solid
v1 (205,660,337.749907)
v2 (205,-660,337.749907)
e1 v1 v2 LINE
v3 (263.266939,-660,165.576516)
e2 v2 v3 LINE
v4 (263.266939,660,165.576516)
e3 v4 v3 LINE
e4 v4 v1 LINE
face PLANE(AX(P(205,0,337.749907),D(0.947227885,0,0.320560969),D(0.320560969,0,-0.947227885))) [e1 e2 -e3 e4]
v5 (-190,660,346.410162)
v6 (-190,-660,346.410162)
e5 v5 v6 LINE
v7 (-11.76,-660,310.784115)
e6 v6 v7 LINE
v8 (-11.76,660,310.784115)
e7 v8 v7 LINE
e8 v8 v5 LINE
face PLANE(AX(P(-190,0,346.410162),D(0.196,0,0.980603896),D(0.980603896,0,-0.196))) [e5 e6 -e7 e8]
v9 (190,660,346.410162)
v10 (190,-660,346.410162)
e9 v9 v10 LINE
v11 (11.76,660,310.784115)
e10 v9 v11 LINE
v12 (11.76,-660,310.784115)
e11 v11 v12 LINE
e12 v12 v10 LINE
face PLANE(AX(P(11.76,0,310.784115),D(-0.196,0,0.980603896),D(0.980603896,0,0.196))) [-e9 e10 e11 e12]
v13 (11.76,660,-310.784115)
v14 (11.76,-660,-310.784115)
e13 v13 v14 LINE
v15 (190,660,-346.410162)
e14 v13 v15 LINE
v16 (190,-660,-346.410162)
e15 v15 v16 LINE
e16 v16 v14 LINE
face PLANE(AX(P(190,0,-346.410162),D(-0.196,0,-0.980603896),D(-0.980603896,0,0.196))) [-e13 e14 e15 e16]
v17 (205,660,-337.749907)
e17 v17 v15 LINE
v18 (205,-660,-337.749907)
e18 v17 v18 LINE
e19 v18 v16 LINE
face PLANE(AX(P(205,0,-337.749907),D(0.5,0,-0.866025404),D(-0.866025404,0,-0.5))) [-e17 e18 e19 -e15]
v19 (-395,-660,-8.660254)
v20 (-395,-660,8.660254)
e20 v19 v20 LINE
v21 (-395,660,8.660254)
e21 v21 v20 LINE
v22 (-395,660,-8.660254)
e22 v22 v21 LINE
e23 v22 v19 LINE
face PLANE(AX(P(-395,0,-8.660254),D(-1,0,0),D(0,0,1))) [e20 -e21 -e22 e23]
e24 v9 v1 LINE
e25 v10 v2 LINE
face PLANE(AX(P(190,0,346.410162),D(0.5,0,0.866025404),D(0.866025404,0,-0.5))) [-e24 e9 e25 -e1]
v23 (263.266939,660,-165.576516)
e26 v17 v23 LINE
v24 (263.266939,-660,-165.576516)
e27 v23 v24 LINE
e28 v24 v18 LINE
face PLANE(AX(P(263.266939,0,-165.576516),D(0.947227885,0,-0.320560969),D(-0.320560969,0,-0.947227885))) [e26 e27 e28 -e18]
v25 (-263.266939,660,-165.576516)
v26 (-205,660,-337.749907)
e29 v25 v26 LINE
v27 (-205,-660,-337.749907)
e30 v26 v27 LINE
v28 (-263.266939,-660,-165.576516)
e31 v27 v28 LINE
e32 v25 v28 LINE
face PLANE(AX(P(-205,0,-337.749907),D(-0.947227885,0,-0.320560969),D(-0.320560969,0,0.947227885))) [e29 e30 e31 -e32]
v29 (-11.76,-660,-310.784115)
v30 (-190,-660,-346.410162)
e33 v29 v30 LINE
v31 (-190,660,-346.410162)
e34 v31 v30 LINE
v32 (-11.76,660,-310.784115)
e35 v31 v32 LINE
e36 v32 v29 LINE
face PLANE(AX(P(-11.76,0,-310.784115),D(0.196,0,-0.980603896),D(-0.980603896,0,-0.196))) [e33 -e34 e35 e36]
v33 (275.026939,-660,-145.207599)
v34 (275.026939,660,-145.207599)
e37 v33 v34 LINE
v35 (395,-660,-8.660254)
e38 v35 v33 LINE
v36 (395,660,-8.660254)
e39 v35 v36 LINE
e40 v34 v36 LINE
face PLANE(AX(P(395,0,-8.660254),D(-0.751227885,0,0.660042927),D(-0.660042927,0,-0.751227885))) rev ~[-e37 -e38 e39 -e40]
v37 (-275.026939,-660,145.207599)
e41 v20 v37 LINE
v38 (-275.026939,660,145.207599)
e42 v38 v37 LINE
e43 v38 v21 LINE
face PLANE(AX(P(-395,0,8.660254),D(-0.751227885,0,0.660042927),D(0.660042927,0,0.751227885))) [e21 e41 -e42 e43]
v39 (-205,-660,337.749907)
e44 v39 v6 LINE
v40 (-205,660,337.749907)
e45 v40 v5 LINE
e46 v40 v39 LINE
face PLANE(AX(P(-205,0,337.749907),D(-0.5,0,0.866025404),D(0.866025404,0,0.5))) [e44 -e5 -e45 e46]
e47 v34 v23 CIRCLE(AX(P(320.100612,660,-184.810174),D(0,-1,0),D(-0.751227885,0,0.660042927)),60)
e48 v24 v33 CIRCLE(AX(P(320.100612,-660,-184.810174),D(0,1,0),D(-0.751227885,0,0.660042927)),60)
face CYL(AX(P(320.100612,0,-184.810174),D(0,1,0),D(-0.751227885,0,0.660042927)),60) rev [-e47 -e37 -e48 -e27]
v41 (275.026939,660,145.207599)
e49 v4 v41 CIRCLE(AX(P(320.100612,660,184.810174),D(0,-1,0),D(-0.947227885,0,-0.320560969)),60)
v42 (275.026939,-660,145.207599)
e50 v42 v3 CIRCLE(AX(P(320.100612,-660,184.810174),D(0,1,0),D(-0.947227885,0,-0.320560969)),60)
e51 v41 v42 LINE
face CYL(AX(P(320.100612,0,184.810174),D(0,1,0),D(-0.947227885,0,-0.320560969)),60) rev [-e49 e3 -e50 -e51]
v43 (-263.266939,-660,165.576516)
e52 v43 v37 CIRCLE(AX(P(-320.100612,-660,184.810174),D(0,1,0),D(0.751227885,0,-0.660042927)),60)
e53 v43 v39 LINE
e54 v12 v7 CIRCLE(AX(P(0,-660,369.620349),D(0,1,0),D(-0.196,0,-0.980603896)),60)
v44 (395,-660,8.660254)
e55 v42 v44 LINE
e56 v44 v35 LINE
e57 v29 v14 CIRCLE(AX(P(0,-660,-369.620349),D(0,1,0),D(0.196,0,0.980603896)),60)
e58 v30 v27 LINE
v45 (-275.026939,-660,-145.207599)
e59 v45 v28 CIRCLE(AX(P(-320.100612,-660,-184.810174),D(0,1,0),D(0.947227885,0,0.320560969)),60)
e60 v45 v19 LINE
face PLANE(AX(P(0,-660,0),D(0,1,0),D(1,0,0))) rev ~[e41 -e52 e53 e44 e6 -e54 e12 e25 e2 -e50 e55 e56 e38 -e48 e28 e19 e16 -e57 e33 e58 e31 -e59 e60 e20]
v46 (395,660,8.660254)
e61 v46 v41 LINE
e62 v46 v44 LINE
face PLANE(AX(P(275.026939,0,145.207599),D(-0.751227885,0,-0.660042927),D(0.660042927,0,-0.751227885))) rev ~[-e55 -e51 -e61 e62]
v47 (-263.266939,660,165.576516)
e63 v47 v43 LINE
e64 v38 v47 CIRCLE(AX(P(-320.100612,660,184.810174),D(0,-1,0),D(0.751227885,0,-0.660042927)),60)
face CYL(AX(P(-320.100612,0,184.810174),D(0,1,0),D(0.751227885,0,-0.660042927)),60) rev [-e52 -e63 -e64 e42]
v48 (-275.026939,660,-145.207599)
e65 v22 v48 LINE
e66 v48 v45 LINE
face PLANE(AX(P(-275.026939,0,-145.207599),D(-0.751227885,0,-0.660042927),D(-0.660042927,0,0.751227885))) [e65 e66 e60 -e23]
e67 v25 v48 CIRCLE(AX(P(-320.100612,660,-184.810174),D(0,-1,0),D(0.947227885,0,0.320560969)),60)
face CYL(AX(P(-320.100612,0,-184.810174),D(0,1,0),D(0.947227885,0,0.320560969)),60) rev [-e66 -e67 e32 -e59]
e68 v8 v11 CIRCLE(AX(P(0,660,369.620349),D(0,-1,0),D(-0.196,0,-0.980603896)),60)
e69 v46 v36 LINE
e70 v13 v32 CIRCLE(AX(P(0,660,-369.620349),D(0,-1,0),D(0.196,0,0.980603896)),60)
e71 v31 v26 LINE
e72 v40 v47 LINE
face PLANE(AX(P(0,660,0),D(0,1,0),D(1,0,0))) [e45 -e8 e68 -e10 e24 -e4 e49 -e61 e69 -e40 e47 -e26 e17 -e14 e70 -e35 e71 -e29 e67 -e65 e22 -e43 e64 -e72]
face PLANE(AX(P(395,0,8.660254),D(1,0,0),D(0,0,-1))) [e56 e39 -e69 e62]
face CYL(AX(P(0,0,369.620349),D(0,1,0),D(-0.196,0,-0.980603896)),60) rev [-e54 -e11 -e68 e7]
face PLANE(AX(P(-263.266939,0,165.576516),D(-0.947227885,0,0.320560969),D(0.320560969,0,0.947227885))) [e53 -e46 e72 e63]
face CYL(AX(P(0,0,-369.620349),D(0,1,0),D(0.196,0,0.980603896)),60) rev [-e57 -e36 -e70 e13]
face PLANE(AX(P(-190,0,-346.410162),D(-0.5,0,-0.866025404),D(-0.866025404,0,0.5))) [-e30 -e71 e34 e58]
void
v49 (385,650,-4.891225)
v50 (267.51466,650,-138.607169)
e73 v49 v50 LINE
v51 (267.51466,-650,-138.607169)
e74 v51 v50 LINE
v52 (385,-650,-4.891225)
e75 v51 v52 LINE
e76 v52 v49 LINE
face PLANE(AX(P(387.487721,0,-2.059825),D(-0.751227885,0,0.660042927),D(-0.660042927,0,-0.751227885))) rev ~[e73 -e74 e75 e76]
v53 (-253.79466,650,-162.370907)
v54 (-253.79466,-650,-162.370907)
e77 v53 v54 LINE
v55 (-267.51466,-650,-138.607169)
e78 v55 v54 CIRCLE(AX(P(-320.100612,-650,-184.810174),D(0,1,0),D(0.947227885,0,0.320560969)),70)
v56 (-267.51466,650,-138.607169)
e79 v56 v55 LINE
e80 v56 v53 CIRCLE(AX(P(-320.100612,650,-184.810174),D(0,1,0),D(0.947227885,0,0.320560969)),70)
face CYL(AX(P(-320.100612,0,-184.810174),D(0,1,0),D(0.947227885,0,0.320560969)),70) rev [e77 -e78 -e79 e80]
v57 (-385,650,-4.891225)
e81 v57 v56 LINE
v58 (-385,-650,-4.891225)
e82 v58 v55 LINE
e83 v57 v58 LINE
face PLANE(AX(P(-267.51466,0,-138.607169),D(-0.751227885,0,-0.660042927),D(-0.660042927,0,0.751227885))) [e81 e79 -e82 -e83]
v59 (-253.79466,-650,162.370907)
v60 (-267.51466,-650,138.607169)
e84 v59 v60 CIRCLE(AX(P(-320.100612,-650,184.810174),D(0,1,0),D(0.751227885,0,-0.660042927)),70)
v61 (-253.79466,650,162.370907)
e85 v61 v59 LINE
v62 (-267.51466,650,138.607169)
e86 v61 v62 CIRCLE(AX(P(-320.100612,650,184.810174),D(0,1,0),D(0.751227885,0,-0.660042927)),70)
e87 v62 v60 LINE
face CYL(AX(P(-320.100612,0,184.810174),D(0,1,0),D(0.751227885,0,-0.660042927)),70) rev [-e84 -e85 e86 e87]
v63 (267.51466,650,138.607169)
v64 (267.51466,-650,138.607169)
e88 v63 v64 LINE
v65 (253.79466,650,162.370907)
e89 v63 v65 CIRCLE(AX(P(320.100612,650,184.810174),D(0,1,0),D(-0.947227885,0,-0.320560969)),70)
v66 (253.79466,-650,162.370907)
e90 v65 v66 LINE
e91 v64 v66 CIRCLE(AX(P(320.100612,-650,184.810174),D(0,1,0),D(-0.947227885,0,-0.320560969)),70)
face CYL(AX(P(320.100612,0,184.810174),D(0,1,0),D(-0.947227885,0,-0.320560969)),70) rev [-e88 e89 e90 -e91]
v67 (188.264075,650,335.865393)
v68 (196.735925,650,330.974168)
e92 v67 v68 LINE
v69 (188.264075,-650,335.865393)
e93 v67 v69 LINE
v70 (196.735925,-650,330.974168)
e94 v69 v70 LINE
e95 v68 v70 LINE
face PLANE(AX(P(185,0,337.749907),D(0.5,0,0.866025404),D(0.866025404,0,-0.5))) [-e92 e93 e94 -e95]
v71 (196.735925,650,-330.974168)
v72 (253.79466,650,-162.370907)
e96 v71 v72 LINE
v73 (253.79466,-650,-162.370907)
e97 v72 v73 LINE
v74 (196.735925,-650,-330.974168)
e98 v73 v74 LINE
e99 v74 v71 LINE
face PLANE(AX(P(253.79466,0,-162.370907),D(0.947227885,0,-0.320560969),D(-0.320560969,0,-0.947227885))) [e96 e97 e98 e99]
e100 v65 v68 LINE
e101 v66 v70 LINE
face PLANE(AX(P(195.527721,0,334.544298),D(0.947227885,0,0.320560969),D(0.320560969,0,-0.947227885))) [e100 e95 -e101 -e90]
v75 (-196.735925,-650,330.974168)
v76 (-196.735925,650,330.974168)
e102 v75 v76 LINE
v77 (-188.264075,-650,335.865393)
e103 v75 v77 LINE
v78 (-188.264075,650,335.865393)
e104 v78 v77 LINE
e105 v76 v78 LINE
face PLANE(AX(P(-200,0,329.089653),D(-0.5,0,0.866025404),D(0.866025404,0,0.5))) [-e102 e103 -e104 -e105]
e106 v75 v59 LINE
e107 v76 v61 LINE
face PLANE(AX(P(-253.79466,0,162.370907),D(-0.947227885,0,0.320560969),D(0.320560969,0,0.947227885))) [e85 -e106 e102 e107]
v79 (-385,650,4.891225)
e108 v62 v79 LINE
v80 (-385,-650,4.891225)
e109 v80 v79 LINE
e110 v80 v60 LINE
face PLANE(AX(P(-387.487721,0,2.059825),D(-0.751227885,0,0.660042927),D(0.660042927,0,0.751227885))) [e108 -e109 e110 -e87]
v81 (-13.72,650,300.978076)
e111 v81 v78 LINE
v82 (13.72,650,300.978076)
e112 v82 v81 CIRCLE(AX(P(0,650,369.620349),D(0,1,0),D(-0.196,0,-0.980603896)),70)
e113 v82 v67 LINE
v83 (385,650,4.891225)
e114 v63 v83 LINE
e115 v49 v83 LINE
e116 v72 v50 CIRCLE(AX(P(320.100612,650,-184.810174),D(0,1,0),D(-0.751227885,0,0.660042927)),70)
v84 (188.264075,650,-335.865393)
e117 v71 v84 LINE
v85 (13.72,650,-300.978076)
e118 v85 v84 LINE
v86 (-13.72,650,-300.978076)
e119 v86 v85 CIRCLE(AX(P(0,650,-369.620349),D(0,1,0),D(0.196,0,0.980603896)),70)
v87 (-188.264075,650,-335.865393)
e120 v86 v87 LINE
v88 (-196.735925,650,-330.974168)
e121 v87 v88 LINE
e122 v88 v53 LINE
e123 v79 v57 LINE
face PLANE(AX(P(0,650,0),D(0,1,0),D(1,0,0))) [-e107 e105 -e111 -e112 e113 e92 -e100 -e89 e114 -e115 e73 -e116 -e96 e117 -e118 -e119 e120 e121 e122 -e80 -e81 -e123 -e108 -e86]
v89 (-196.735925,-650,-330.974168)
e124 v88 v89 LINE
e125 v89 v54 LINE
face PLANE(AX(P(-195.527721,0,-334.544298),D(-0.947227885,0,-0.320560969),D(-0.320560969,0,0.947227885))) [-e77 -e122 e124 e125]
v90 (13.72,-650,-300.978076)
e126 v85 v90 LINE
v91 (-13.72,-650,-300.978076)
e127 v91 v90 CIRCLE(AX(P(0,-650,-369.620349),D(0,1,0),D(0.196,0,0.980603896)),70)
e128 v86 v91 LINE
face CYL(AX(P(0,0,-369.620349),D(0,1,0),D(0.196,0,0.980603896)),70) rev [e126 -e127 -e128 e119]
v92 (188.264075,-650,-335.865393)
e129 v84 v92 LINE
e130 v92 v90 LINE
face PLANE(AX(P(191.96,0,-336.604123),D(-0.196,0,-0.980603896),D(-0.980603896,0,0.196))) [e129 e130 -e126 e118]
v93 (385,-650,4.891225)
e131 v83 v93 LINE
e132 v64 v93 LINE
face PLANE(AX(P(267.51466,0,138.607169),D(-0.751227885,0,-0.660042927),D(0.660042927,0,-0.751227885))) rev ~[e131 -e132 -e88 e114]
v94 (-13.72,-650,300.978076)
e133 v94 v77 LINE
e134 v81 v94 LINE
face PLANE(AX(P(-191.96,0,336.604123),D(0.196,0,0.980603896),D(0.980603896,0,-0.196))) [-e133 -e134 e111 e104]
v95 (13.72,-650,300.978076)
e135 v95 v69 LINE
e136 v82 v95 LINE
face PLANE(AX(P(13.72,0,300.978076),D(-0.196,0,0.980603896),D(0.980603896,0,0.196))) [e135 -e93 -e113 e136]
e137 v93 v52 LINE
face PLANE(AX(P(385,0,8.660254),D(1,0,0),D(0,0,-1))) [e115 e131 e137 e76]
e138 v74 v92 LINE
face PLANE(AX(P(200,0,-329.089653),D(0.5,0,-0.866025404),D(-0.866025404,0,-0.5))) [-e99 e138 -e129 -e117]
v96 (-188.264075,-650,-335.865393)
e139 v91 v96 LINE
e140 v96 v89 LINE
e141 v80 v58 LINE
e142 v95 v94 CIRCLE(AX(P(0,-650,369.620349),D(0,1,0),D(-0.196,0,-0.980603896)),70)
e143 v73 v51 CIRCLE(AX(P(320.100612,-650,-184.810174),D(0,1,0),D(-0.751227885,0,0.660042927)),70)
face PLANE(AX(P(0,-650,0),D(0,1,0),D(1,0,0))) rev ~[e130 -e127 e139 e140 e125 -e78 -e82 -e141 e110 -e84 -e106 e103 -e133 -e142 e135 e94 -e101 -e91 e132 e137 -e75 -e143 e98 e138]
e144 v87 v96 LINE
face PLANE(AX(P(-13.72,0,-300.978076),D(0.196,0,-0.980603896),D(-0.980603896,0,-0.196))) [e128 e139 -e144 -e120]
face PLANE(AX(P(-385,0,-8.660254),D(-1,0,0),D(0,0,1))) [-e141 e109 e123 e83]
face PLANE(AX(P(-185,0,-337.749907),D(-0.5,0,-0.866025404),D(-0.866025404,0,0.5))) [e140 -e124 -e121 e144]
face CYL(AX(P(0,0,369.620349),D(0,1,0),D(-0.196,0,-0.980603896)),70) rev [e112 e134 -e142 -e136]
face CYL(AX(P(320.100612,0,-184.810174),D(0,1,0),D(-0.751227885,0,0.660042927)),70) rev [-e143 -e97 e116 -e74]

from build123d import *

# Parameters (mm, degrees)
EXTRUDE_1_DEPTH          = 660
CUT_EXTRUDE_1_DEPTH      = 661
CUT_EXTRUDE_1_DEPTH_BACK = 661
SHELL_1_T                = 10


with BuildPart() as part:
    # 草图1 → 凸台-拉伸1 (new body, symmetric)
    with BuildSketch(Plane(origin=(0, 0, 0), x_dir=(1, 0, 0), z_dir=(0, 1, 0))):
        Polygon((395, 8.660254038), (205, 337.749907476), (190, 346.410161514), (-190, 346.410161514), (-205, 337.749907476), (-395, 8.660254038), (-395, -8.660254038), (-205, -337.749907476), (-190, -346.410161514), (190, -346.410161514), (205, -337.749907476), (395, -8.660254038), align=None)
    extrude(amount=EXTRUDE_1_DEPTH, both=True)

    # 草图4 → 切除-拉伸1 (cut, two sides)
    with BuildSketch(Plane(origin=(0, 0, 0), x_dir=(1, 0, 0), z_dir=(0, 1, 0))) as cut_extrude_1_sk:
        with BuildLine():
            Line((190, 369.620348729), (190, 346.410161514))
            Line((190, 346.410161514), (11.76, 310.784114995))
            ThreePointArc((11.76, 310.784114995), (0, 309.620348729), (-11.76, 310.784114995))
            Line((-11.76, 310.784114995), (-190, 346.410161514))
            Line((-190, 346.410161514), (-190, 369.620348729))
            Line((-190, 369.620348729), (-190, 392.830535944))
            Line((-190, 392.830535944), (-11.76, 428.456582463))
            ThreePointArc((-11.76, 428.456582463), (0, 429.620348729), (11.76, 428.456582463))
            Line((11.76, 428.456582463), (190, 392.830535944))
            Line((190, 392.830535944), (190, 369.620348729))
        make_face()
        with BuildLine():
            Line((415.100611755, 20.265347645), (395, 8.660254038))
            Line((395, 8.660254038), (275.026938678, 145.207598749))
            ThreePointArc((275.026938678, 145.207598749), (268.139087528, 154.810174364), (263.266938678, 165.576516246))
            Line((263.266938678, 165.576516246), (205, 337.749907476))
            Line((205, 337.749907476), (225.100611755, 349.355001084))
            Line((225.100611755, 349.355001084), (245.20122351, 360.960094691))
            Line((245.20122351, 360.960094691), (365.174284832, 224.41274998))
            ThreePointArc((365.174284832, 224.41274998), (372.062135982, 214.810174364), (376.934284832, 204.043832483))
            Line((376.934284832, 204.043832483), (435.20122351, 31.870441253))
            Line((435.20122351, 31.870441253), (415.100611755, 20.265347645))
        make_face()
        with BuildLine():
            Line((225.100611755, -349.355001084), (205, -337.749907476))
            Line((205, -337.749907476), (263.266938678, -165.576516246))
            ThreePointArc((263.266938678, -165.576516246), (268.139087528, -154.810174364), (275.026938678, -145.207598749))
            Line((275.026938678, -145.207598749), (395, -8.660254038))
            Line((395, -8.660254038), (415.100611755, -20.265347645))
            Line((415.100611755, -20.265347645), (435.20122351, -31.870441253))
            Line((435.20122351, -31.870441253), (376.934284832, -204.043832483))
            ThreePointArc((376.934284832, -204.043832483), (372.062135982, -214.810174364), (365.174284832, -224.41274998))
            Line((365.174284832, -224.41274998), (245.20122351, -360.960094691))
            Line((245.20122351, -360.960094691), (225.100611755, -349.355001084))
        make_face()
        with BuildLine():
            Line((-190, -369.620348729), (-190, -346.410161514))
            Line((-190, -346.410161514), (-11.76, -310.784114995))
            ThreePointArc((-11.76, -310.784114995), (0, -309.620348729), (11.76, -310.784114995))
            Line((11.76, -310.784114995), (190, -346.410161514))
            Line((190, -346.410161514), (190, -369.620348729))
            Line((190, -369.620348729), (190, -392.830535944))
            Line((190, -392.830535944), (11.76, -428.456582463))
            ThreePointArc((11.76, -428.456582463), (0, -429.620348729), (-11.76, -428.456582463))
            Line((-11.76, -428.456582463), (-190, -392.830535944))
            Line((-190, -392.830535944), (-190, -369.620348729))
        make_face()
        with BuildLine():
            Line((-415.100611755, -20.265347645), (-395, -8.660254038))
            Line((-395, -8.660254038), (-275.026938678, -145.207598749))
            ThreePointArc((-275.026938678, -145.207598749), (-268.139087528, -154.810174364), (-263.266938678, -165.576516246))
            Line((-263.266938678, -165.576516246), (-205, -337.749907476))
            Line((-205, -337.749907476), (-225.100611755, -349.355001084))
            Line((-225.100611755, -349.355001084), (-245.20122351, -360.960094691))
            Line((-245.20122351, -360.960094691), (-365.174284832, -224.41274998))
            ThreePointArc((-365.174284832, -224.41274998), (-372.062135982, -214.810174364), (-376.934284832, -204.043832483))
            Line((-376.934284832, -204.043832483), (-435.20122351, -31.870441253))
            Line((-435.20122351, -31.870441253), (-415.100611755, -20.265347645))
        make_face()
        with BuildLine():
            Line((-225.100611755, 349.355001084), (-205, 337.749907476))
            Line((-205, 337.749907476), (-263.266938678, 165.576516246))
            ThreePointArc((-263.266938678, 165.576516246), (-268.139087528, 154.810174364), (-275.026938678, 145.207598749))
            Line((-275.026938678, 145.207598749), (-395, 8.660254038))
            Line((-395, 8.660254038), (-415.100611755, 20.265347645))
            Line((-415.100611755, 20.265347645), (-435.20122351, 31.870441253))
            Line((-435.20122351, 31.870441253), (-376.934284832, 204.043832483))
            ThreePointArc((-376.934284832, 204.043832483), (-372.062135982, 214.810174364), (-365.174284832, 224.41274998))
            Line((-365.174284832, 224.41274998), (-245.20122351, 360.960094691))
            Line((-245.20122351, 360.960094691), (-225.100611755, 349.355001084))
        make_face()
    extrude(amount=CUT_EXTRUDE_1_DEPTH, mode=Mode.SUBTRACT)
    extrude(cut_extrude_1_sk.sketch, amount=-CUT_EXTRUDE_1_DEPTH_BACK, mode=Mode.SUBTRACT)

    # 抽壳1 (no face opened: a closed hollow body)
    add(offset(amount=-SHELL_1_T, mode=Mode.PRIVATE), mode=Mode.SUBTRACT)


solid = part.part
